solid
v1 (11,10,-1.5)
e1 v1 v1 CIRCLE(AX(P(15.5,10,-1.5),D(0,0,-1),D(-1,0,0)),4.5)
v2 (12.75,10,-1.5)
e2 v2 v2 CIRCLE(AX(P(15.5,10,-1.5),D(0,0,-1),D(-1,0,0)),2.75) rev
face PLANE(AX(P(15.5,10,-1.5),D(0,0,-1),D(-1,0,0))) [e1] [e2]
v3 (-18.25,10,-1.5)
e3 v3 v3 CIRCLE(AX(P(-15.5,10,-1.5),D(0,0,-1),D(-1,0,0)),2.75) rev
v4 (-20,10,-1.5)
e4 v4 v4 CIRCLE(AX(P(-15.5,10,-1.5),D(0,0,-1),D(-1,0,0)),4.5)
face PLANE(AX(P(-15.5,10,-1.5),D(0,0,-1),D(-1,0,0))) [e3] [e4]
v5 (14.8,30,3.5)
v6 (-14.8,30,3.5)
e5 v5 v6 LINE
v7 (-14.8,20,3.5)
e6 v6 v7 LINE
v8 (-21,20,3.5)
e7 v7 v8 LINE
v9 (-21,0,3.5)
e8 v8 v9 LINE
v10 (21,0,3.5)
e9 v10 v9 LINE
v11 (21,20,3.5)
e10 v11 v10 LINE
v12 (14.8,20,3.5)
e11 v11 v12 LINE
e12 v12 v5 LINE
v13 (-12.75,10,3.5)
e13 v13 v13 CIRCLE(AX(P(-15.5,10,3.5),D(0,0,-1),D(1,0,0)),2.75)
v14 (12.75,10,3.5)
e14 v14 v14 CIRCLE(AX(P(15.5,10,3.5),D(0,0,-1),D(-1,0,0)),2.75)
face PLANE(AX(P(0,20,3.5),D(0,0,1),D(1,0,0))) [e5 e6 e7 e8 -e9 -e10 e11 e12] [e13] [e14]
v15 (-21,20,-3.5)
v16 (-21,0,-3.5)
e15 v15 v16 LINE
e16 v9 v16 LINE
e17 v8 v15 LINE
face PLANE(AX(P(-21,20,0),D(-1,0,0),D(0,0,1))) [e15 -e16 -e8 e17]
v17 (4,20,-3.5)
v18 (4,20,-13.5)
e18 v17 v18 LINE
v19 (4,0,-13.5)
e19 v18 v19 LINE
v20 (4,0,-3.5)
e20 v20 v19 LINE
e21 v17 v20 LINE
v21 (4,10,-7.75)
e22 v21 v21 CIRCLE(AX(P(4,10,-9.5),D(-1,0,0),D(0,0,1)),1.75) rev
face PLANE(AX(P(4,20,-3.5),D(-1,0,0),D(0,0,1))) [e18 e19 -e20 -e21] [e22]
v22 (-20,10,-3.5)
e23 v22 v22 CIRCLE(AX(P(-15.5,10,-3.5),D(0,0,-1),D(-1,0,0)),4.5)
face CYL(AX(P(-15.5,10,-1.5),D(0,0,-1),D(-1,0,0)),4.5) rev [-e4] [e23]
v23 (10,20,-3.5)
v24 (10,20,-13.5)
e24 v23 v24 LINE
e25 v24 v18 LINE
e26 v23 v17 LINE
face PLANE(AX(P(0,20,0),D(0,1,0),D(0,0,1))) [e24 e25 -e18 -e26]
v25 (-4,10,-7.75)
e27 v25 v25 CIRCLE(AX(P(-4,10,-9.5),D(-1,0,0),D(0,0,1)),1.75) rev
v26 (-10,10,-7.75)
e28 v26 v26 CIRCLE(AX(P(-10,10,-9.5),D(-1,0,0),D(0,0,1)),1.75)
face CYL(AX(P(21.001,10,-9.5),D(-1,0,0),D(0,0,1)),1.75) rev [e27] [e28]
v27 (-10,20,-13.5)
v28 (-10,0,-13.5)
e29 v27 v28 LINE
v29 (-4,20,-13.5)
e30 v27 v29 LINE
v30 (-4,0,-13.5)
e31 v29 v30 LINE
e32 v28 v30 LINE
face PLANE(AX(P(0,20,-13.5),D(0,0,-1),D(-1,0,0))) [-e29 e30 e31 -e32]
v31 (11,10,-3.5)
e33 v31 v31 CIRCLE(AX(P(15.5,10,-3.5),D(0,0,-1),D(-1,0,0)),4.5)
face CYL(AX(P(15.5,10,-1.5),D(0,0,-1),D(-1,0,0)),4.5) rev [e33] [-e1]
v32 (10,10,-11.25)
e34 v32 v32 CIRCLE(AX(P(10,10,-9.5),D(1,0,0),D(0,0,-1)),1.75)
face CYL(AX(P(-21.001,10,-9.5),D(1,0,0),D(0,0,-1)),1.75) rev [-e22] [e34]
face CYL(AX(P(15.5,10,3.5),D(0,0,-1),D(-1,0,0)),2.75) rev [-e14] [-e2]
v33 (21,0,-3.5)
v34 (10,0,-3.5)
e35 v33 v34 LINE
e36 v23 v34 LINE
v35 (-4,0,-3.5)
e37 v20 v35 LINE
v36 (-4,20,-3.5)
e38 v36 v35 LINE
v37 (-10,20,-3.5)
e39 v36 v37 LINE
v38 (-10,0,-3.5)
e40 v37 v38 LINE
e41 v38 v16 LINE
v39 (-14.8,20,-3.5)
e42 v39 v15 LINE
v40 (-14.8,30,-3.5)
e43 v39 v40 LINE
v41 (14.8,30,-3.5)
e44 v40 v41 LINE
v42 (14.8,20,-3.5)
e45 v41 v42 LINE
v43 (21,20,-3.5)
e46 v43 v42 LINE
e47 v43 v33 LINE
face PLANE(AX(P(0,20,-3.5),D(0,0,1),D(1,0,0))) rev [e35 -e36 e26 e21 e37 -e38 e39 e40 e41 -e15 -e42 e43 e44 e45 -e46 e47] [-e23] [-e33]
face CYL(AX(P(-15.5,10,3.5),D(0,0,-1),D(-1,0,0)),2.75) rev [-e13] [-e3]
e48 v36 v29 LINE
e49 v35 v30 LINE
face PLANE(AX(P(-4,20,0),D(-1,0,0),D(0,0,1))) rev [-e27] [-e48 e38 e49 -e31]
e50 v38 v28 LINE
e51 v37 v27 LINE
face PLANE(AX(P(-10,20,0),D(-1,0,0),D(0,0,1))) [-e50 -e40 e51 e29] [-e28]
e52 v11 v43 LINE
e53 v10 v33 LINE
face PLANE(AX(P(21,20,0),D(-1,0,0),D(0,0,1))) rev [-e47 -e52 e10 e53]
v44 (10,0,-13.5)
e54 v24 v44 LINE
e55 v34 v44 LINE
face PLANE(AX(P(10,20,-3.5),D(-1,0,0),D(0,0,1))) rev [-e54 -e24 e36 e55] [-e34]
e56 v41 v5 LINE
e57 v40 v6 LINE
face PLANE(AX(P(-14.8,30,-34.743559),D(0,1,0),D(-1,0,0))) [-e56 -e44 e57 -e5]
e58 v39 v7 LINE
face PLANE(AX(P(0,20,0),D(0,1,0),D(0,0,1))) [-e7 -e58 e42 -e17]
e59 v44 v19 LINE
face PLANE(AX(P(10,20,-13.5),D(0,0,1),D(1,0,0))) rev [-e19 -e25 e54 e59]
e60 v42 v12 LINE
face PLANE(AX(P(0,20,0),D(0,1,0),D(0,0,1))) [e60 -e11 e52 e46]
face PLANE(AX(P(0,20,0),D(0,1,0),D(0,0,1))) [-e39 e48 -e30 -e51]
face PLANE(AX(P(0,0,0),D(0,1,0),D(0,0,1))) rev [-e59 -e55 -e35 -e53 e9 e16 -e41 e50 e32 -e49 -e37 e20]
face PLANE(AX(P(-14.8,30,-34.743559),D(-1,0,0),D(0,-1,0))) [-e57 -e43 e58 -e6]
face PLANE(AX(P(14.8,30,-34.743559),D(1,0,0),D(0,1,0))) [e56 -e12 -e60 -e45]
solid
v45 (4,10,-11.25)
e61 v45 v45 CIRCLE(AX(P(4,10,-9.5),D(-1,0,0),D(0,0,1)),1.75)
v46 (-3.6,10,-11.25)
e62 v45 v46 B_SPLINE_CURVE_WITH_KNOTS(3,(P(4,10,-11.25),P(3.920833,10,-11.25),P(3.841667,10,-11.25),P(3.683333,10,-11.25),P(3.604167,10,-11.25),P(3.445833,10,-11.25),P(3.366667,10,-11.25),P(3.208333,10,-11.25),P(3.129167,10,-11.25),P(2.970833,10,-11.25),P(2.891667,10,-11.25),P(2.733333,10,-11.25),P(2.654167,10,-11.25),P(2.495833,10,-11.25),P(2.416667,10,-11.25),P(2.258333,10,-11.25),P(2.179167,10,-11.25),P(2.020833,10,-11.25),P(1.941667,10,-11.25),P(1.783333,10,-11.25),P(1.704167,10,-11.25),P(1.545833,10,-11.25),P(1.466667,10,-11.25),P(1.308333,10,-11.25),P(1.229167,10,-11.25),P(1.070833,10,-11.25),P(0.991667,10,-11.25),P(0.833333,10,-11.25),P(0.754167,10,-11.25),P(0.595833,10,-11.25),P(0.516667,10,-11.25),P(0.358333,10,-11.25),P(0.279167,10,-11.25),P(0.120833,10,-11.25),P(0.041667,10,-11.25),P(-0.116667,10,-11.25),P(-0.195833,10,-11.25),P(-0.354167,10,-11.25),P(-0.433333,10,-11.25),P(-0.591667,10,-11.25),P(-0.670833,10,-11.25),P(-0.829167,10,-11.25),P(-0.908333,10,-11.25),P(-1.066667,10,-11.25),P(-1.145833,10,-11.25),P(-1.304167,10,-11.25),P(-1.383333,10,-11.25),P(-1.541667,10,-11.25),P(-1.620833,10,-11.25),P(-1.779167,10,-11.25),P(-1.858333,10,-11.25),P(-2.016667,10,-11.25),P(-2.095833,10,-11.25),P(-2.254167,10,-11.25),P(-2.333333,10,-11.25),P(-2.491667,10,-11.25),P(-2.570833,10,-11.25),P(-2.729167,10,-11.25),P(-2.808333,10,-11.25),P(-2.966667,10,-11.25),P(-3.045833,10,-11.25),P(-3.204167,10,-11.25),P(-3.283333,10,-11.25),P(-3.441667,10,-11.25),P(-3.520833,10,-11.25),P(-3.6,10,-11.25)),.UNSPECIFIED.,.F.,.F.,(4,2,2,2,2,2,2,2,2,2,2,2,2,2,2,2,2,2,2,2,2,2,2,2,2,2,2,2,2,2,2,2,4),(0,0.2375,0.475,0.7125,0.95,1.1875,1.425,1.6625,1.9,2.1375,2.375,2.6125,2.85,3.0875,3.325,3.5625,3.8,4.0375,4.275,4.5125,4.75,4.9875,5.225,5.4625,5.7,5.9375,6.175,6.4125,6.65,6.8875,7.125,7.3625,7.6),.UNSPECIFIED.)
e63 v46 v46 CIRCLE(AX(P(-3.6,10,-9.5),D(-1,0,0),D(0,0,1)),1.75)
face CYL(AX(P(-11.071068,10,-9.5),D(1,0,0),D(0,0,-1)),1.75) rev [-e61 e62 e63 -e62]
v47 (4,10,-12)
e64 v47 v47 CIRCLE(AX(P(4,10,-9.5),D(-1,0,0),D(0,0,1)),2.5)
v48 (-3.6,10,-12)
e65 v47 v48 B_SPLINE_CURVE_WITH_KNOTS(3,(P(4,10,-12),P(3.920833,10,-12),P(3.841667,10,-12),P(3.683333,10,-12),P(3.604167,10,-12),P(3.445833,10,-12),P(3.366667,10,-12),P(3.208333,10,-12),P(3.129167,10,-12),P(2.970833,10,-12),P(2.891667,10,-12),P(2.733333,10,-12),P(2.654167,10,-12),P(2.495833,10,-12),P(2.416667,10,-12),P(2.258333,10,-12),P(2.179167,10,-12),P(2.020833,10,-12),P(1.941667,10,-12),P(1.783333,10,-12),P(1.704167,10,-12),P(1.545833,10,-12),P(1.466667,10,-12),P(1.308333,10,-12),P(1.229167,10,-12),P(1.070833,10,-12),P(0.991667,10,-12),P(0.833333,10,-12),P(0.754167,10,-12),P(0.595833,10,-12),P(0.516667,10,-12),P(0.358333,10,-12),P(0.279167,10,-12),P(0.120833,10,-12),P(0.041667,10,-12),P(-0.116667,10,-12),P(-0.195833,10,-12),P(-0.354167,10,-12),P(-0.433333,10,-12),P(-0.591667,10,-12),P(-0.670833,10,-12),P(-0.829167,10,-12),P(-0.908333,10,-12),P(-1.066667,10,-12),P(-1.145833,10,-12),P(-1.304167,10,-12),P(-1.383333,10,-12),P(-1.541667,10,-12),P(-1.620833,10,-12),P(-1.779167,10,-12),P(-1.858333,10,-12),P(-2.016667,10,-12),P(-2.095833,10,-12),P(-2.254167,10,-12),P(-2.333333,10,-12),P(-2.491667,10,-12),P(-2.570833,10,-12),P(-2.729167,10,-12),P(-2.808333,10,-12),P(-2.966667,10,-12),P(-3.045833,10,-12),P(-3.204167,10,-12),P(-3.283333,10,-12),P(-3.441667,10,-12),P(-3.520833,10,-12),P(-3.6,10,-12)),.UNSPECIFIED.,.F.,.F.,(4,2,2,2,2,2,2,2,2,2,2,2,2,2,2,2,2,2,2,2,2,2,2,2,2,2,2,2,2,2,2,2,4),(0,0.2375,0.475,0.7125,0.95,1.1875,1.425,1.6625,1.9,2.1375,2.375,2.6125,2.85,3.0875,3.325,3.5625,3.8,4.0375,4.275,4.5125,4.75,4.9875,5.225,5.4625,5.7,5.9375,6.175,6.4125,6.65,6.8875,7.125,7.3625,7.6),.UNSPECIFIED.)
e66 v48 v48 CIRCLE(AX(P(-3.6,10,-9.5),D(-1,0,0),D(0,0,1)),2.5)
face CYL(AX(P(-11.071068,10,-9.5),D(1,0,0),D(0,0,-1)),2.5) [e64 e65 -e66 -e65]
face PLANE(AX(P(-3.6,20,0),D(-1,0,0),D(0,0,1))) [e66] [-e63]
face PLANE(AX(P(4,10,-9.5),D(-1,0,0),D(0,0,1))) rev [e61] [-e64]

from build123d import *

# Parameters (mm, degrees)
SKETCH1_W           = 42
SKETCH1_H           = 7
SKETCH1_W_2         = 6
SKETCH1_H_2         = 10
BOSS_EXTRUDE1_DEPTH = 20
SKETCH6_R           = 2.75
CUT_EXTRUDE4_DEPTH  = 31.6757233
SKETCH7_R           = 4.5
CUT_EXTRUDE5_DEPTH  = 2
CUT_EXTRUDE6_REACH  = 41.284
SKETCH8_R           = 1.75
CUT_EXTRUDE7_REACH  = 41.284
SKETCH9_R           = 1.75
SKETCH10_W          = 29.6
SKETCH10_H          = 10
BOSS_EXTRUDE2_DEPTH = 7
SKETCH11_R          = 2.5
SKETCH11_R_2        = 1.75
BOSS_EXTRUDE3_DEPTH = 7.6


with BuildPart() as part:
    # Sketch1 → Boss-Extrude1 (new body)
    with BuildSketch(Plane(origin=(0, 0, 0), x_dir=(1, 0, 0), z_dir=(0, 1, 0))):
        Rectangle(SKETCH1_W, SKETCH1_H)
        with Locations((-7, 8.5)):
            Rectangle(SKETCH1_W_2, SKETCH1_H_2)
        with Locations((7, 8.5)):
            Rectangle(SKETCH1_W_2, SKETCH1_H_2)
    extrude(amount=BOSS_EXTRUDE1_DEPTH)

    # Sketch6 → Cut-Extrude4 (cut, through all)
    with BuildSketch(Plane(origin=(0, 0, -3.5), x_dir=(-1, 0, 0), z_dir=(0, 0, -1))):
        with Locations((-15.5, 10)):
            Circle(SKETCH6_R)
        with Locations(Location((15.5, 10, 0), (0, 0, 180))):
            Circle(SKETCH6_R)
    extrude(amount=-CUT_EXTRUDE4_DEPTH, mode=Mode.SUBTRACT)

    # Sketch7 → Cut-Extrude5 (cut)
    with BuildSketch(Plane(origin=(0, 0, -3.5), x_dir=(-1, 0, 0), z_dir=(0, 0, -1))):
        with Locations((-15.5, 10)):
            Circle(SKETCH7_R)
        with Locations((15.5, 10)):
            Circle(SKETCH7_R)
    extrude(amount=-CUT_EXTRUDE5_DEPTH, mode=Mode.SUBTRACT)

    # Sketch8 → Cut-Extrude6 (cut, up to next)
    with BuildSketch(Plane(origin=(10, 0, 0), x_dir=(0, 0, -1), z_dir=(1, 0, 0)), mode=Mode.PRIVATE) as cut_extrude6_sk1:
        with Locations((9.5, 10)):
            Circle(SKETCH8_R)
    cut_extrude6_tool1 = extrude(cut_extrude6_sk1.sketch, amount=-CUT_EXTRUDE6_REACH, mode=Mode.PRIVATE) & part.part
    add(cut_extrude6_tool1.solids().sort_by_distance((10, 10, -9.5))[0], mode=Mode.SUBTRACT)

    # Sketch9 → Cut-Extrude7 (cut, up to next)
    with BuildSketch(Plane.ZY.offset(10), mode=Mode.PRIVATE) as cut_extrude7_sk1:
        with Locations(Location((-9.5, 10, 0), (0, 0, 180))):
            Circle(SKETCH9_R)
    cut_extrude7_tool1 = extrude(cut_extrude7_sk1.sketch, amount=-CUT_EXTRUDE7_REACH, mode=Mode.PRIVATE) & part.part
    add(cut_extrude7_tool1.solids().sort_by_distance((-10, 10, -9.5))[0], mode=Mode.SUBTRACT)

    # Sketch10 → Boss-Extrude2 (add)
    with BuildSketch(Plane.XY.offset(3.5)):
        with Locations((0, 25)):
            Rectangle(SKETCH10_W, SKETCH10_H)
    extrude(amount=-BOSS_EXTRUDE2_DEPTH)


with BuildPart() as body_2:
    # Sketch11 → Boss-Extrude3 (new body)
    with BuildSketch(Plane.ZY.offset(-4)):
        with Locations(Location((-9.5, 10, 0), (0, 0, 180))):
            Circle(SKETCH11_R)
        with Locations(Location((-9.5, 10, 0), (0, 0, 180))):
            Circle(SKETCH11_R_2, mode=Mode.SUBTRACT)
    extrude(amount=BOSS_EXTRUDE3_DEPTH)


solid = Compound([part.part, body_2.part])
